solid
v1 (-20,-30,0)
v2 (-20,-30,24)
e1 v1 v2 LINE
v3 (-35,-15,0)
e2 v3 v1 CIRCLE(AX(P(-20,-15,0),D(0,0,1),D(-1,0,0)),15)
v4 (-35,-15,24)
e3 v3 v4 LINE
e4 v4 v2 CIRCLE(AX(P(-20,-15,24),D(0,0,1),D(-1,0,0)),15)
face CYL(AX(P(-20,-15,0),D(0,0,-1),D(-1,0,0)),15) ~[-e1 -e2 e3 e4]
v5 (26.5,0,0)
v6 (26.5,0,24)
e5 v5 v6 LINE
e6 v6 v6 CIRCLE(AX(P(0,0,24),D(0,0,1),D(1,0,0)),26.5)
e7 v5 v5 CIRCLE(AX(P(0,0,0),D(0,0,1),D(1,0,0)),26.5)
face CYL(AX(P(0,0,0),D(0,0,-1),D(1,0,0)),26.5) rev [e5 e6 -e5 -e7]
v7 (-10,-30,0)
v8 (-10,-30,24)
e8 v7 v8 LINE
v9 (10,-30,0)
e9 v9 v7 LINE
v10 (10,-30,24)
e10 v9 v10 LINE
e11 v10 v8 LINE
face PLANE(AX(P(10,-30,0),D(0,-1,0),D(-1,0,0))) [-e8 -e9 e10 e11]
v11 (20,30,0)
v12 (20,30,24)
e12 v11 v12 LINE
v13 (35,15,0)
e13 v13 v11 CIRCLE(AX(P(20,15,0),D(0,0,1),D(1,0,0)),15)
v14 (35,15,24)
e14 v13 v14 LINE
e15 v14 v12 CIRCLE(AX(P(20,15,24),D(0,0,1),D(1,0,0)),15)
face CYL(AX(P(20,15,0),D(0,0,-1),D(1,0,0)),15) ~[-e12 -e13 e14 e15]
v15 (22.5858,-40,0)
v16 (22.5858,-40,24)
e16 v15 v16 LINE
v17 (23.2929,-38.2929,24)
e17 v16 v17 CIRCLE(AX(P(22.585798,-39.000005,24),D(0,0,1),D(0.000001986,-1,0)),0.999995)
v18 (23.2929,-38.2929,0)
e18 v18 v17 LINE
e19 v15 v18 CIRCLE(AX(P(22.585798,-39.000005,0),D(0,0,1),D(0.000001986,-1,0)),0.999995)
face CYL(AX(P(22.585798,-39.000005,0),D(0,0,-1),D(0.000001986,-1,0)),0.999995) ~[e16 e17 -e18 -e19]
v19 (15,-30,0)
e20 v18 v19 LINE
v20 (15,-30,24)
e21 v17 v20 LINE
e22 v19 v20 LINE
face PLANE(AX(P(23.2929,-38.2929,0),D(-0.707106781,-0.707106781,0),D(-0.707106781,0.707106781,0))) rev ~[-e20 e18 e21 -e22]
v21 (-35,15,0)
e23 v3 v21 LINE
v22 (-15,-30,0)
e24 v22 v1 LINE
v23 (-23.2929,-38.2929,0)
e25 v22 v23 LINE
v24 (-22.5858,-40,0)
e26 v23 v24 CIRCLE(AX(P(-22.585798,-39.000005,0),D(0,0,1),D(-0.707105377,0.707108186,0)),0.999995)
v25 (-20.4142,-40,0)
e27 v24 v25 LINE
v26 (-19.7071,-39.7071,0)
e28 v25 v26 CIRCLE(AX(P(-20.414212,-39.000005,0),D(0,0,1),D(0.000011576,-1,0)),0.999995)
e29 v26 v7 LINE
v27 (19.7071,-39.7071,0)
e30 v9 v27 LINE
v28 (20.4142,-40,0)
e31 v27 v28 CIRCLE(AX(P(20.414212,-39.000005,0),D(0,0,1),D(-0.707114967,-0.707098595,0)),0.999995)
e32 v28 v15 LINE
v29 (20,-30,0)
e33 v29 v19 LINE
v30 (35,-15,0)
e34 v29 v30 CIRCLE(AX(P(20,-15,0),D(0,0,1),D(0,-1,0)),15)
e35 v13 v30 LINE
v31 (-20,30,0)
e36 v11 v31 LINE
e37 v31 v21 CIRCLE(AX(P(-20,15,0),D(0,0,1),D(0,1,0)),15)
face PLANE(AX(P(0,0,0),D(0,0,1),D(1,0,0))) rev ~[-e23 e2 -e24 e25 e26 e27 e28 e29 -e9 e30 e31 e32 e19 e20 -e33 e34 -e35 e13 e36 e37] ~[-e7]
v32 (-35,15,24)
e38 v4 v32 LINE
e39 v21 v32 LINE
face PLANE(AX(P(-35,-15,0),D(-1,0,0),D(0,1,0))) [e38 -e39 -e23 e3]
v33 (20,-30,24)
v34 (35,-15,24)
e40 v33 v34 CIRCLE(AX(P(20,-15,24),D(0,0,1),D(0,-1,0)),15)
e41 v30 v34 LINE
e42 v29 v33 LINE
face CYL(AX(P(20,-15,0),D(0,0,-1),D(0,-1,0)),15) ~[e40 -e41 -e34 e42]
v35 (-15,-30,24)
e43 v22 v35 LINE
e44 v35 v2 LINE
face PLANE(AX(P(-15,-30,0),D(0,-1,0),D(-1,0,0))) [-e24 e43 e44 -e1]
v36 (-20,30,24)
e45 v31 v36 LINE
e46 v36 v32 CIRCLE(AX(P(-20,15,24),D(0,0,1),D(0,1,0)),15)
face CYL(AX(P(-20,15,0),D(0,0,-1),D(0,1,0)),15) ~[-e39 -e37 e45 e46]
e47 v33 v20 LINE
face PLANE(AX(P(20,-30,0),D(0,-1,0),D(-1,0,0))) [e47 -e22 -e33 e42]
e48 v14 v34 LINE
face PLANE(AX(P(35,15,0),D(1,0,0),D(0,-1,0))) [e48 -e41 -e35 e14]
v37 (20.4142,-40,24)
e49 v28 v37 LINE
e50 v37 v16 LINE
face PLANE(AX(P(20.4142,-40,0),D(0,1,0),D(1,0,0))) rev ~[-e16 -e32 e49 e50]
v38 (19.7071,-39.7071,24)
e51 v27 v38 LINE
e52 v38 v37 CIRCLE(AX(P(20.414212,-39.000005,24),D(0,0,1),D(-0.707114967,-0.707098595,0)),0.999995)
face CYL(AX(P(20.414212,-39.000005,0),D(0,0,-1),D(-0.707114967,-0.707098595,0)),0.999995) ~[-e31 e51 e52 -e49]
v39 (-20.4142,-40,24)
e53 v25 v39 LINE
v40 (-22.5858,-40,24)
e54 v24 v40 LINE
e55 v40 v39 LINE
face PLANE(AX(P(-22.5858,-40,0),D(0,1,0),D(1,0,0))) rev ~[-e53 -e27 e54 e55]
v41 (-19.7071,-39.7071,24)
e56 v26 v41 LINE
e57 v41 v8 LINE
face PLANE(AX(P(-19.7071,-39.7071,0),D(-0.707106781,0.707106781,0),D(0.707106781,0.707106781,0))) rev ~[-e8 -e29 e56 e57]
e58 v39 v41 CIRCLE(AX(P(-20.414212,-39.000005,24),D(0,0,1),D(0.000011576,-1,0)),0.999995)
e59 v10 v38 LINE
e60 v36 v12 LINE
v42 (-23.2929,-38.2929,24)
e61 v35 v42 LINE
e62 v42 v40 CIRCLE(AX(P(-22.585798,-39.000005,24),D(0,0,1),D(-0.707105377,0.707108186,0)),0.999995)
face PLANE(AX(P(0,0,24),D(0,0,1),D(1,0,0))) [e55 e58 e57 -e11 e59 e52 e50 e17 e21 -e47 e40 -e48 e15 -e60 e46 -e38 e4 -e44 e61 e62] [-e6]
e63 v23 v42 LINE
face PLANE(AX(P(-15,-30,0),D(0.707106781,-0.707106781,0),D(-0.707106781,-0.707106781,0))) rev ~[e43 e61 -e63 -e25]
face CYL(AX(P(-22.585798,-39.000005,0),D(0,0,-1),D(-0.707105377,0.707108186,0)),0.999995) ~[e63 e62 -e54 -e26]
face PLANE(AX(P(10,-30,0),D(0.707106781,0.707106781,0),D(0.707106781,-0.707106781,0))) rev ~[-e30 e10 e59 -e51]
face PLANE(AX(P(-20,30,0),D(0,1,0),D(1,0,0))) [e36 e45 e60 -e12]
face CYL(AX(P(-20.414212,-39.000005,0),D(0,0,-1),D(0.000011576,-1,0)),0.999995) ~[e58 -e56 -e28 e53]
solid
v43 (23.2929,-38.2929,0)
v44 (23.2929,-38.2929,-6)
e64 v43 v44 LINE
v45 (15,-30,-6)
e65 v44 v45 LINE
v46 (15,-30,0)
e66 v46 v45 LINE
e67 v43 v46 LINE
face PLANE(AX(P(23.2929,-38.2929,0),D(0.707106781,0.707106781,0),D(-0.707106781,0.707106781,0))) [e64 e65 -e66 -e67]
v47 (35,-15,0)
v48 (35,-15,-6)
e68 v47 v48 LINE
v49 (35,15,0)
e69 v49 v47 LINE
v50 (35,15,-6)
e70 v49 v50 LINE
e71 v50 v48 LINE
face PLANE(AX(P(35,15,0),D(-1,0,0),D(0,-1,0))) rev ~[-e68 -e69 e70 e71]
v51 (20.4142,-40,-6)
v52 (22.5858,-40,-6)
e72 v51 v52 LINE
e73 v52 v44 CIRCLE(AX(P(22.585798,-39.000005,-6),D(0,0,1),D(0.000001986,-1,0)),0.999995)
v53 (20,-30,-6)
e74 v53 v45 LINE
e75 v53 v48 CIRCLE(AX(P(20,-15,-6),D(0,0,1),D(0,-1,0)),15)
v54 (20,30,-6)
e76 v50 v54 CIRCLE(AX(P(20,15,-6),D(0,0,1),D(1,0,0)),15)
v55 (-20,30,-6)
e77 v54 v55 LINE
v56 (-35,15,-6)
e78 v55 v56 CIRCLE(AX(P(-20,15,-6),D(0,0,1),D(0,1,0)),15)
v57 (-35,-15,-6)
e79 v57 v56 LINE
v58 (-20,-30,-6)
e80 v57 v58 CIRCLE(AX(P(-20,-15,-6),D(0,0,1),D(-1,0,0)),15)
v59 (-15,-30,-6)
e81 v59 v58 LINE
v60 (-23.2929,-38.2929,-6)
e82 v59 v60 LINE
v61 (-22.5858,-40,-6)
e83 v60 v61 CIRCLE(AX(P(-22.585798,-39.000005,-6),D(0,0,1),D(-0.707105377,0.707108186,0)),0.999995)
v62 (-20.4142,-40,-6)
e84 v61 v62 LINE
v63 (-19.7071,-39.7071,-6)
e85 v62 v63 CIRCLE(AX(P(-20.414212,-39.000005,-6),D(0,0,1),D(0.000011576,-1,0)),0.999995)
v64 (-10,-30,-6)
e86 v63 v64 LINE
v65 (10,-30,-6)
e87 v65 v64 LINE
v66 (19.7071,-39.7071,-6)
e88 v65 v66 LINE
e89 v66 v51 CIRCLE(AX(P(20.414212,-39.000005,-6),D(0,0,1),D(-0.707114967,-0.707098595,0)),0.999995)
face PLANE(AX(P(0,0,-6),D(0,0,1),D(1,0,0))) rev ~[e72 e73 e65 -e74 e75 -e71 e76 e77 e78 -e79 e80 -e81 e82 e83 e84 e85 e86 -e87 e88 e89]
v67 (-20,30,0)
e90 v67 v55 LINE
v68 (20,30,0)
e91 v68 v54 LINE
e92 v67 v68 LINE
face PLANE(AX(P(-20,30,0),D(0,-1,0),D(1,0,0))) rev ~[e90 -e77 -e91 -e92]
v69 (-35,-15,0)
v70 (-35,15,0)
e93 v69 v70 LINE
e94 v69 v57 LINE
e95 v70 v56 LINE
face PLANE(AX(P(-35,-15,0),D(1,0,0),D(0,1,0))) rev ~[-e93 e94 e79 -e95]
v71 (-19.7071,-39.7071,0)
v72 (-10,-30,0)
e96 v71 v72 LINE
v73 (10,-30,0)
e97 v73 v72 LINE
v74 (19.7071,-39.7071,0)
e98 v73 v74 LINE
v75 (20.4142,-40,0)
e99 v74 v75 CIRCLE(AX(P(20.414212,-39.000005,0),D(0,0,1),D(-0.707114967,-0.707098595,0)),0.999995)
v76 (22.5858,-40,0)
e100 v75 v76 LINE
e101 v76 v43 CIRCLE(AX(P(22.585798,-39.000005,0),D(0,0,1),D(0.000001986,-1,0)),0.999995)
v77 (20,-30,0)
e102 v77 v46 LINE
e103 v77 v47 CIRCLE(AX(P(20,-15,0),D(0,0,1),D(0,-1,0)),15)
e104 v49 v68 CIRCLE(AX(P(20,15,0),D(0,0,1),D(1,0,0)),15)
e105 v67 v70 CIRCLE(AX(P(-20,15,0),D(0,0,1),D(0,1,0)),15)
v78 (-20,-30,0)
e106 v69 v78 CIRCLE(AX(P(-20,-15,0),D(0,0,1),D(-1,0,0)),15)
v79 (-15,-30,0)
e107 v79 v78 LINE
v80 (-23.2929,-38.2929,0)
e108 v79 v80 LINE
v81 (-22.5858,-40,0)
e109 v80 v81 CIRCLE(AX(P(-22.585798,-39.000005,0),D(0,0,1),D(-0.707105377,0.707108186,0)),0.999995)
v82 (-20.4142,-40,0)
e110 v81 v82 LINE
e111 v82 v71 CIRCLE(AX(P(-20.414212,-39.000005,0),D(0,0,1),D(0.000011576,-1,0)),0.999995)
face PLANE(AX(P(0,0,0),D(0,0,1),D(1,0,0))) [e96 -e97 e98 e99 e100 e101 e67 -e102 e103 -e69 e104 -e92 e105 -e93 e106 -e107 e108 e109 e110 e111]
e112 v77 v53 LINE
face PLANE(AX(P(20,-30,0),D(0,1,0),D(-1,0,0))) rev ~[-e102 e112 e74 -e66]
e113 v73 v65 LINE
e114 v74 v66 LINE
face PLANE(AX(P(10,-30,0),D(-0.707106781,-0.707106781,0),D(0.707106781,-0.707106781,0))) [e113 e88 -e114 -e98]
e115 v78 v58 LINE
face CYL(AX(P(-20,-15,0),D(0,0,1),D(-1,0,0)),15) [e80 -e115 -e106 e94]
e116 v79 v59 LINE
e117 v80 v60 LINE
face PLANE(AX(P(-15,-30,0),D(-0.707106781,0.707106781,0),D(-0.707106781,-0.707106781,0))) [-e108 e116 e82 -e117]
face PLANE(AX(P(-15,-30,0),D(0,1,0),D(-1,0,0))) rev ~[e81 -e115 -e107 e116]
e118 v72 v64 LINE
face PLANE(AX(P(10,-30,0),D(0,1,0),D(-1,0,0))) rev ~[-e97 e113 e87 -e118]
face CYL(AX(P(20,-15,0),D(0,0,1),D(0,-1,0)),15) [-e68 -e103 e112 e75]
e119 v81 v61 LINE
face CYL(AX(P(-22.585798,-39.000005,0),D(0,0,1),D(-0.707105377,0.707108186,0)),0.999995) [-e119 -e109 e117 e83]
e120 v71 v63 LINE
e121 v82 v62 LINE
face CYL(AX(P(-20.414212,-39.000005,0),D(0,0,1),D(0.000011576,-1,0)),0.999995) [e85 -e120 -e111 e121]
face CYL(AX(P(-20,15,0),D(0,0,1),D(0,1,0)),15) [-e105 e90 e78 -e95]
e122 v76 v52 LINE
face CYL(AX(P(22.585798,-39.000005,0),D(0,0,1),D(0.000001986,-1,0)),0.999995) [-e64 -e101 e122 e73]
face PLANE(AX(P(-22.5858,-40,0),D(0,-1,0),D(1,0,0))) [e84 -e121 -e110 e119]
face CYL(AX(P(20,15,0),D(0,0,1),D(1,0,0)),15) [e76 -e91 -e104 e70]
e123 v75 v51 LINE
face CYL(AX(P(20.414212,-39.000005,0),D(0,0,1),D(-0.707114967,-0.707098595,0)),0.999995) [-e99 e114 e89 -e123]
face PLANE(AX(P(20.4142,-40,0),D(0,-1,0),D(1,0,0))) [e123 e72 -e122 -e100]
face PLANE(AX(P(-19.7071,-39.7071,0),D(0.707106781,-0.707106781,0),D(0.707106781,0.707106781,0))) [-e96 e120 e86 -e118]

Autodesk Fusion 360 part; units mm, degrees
sketch "草图1" plane through (0, 0, 0) normal (0, 0, 1) x (1, 0, 0)
  line L0 (-35, 30) -> (35, 30)
  line L1 (35, 30) -> (35, -30)
  line L2 (35, -30) -> (-35, -30)
  line L3 (-35, -30) -> (-35, 30)
  arc A0 (-20, 30) -> (-35, 15) centre (-20, 15) ccw
  arc A1 (-35, -15) -> (-20, -30) centre (-20, -15) ccw
  arc A2 (20, -30) -> (35, -15) centre (20, -15) ccw
  arc A3 (35, 15) -> (20, 30) centre (20, 15) ccw
  line L4 (-15, -30) -> (-23.2929, -38.2929)
  line L5 (-22.5858, -40) -> (-20.4142, -40)
  line L6 (-19.7071, -39.7071) -> (-10, -30)
  line L7 (10, -30) -> (19.7071, -39.7071)
  line L8 (20.4142, -40) -> (22.5858, -40)
  line L9 (23.2929, -38.2929) -> (15, -30)
  arc A4 (-23.2929, -38.2929) -> (-22.5858, -40) centre (-22.5858, -39) ccw
  arc A5 (-20.4142, -40) -> (-19.7071, -39.7071) centre (-20.4142, -39) ccw
  arc A6 (19.7071, -39.7071) -> (20.4142, -40) centre (20.4142, -39) ccw
  arc A7 (22.5858, -40) -> (23.2929, -38.2929) centre (22.5858, -39) ccw
  circle A8 centre (0, 0) radius 26.5
  line L10 (-12.4856, 30) -> (-10, 30)
  dimension "d2" = 60
  dimension "d3" = 70
  dimension "d4" = 1
  dimension "d5" = 1
  dimension "d6" = 1
  dimension "d7" = 1
  dimension "d8" = 53
extrude "拉伸1" add sketch "草图1" against normal blind 6 contours L0 L1 L2 L3 A0 A1 A2 A3 L10 | L2 L4 L5 L6 A4 A5 | L2 L7 L8 L9 A6 A7 | A8 makes body 1
extrude "拉伸2" add sketch "草图1" along normal blind 24 separate body contours L0 L1 L2 L3 A0 A1 A2 A3 L10 | L2 L4 L5 L6 A4 A5 | L2 L7 L8 L9 A6 A7 makes body 2
